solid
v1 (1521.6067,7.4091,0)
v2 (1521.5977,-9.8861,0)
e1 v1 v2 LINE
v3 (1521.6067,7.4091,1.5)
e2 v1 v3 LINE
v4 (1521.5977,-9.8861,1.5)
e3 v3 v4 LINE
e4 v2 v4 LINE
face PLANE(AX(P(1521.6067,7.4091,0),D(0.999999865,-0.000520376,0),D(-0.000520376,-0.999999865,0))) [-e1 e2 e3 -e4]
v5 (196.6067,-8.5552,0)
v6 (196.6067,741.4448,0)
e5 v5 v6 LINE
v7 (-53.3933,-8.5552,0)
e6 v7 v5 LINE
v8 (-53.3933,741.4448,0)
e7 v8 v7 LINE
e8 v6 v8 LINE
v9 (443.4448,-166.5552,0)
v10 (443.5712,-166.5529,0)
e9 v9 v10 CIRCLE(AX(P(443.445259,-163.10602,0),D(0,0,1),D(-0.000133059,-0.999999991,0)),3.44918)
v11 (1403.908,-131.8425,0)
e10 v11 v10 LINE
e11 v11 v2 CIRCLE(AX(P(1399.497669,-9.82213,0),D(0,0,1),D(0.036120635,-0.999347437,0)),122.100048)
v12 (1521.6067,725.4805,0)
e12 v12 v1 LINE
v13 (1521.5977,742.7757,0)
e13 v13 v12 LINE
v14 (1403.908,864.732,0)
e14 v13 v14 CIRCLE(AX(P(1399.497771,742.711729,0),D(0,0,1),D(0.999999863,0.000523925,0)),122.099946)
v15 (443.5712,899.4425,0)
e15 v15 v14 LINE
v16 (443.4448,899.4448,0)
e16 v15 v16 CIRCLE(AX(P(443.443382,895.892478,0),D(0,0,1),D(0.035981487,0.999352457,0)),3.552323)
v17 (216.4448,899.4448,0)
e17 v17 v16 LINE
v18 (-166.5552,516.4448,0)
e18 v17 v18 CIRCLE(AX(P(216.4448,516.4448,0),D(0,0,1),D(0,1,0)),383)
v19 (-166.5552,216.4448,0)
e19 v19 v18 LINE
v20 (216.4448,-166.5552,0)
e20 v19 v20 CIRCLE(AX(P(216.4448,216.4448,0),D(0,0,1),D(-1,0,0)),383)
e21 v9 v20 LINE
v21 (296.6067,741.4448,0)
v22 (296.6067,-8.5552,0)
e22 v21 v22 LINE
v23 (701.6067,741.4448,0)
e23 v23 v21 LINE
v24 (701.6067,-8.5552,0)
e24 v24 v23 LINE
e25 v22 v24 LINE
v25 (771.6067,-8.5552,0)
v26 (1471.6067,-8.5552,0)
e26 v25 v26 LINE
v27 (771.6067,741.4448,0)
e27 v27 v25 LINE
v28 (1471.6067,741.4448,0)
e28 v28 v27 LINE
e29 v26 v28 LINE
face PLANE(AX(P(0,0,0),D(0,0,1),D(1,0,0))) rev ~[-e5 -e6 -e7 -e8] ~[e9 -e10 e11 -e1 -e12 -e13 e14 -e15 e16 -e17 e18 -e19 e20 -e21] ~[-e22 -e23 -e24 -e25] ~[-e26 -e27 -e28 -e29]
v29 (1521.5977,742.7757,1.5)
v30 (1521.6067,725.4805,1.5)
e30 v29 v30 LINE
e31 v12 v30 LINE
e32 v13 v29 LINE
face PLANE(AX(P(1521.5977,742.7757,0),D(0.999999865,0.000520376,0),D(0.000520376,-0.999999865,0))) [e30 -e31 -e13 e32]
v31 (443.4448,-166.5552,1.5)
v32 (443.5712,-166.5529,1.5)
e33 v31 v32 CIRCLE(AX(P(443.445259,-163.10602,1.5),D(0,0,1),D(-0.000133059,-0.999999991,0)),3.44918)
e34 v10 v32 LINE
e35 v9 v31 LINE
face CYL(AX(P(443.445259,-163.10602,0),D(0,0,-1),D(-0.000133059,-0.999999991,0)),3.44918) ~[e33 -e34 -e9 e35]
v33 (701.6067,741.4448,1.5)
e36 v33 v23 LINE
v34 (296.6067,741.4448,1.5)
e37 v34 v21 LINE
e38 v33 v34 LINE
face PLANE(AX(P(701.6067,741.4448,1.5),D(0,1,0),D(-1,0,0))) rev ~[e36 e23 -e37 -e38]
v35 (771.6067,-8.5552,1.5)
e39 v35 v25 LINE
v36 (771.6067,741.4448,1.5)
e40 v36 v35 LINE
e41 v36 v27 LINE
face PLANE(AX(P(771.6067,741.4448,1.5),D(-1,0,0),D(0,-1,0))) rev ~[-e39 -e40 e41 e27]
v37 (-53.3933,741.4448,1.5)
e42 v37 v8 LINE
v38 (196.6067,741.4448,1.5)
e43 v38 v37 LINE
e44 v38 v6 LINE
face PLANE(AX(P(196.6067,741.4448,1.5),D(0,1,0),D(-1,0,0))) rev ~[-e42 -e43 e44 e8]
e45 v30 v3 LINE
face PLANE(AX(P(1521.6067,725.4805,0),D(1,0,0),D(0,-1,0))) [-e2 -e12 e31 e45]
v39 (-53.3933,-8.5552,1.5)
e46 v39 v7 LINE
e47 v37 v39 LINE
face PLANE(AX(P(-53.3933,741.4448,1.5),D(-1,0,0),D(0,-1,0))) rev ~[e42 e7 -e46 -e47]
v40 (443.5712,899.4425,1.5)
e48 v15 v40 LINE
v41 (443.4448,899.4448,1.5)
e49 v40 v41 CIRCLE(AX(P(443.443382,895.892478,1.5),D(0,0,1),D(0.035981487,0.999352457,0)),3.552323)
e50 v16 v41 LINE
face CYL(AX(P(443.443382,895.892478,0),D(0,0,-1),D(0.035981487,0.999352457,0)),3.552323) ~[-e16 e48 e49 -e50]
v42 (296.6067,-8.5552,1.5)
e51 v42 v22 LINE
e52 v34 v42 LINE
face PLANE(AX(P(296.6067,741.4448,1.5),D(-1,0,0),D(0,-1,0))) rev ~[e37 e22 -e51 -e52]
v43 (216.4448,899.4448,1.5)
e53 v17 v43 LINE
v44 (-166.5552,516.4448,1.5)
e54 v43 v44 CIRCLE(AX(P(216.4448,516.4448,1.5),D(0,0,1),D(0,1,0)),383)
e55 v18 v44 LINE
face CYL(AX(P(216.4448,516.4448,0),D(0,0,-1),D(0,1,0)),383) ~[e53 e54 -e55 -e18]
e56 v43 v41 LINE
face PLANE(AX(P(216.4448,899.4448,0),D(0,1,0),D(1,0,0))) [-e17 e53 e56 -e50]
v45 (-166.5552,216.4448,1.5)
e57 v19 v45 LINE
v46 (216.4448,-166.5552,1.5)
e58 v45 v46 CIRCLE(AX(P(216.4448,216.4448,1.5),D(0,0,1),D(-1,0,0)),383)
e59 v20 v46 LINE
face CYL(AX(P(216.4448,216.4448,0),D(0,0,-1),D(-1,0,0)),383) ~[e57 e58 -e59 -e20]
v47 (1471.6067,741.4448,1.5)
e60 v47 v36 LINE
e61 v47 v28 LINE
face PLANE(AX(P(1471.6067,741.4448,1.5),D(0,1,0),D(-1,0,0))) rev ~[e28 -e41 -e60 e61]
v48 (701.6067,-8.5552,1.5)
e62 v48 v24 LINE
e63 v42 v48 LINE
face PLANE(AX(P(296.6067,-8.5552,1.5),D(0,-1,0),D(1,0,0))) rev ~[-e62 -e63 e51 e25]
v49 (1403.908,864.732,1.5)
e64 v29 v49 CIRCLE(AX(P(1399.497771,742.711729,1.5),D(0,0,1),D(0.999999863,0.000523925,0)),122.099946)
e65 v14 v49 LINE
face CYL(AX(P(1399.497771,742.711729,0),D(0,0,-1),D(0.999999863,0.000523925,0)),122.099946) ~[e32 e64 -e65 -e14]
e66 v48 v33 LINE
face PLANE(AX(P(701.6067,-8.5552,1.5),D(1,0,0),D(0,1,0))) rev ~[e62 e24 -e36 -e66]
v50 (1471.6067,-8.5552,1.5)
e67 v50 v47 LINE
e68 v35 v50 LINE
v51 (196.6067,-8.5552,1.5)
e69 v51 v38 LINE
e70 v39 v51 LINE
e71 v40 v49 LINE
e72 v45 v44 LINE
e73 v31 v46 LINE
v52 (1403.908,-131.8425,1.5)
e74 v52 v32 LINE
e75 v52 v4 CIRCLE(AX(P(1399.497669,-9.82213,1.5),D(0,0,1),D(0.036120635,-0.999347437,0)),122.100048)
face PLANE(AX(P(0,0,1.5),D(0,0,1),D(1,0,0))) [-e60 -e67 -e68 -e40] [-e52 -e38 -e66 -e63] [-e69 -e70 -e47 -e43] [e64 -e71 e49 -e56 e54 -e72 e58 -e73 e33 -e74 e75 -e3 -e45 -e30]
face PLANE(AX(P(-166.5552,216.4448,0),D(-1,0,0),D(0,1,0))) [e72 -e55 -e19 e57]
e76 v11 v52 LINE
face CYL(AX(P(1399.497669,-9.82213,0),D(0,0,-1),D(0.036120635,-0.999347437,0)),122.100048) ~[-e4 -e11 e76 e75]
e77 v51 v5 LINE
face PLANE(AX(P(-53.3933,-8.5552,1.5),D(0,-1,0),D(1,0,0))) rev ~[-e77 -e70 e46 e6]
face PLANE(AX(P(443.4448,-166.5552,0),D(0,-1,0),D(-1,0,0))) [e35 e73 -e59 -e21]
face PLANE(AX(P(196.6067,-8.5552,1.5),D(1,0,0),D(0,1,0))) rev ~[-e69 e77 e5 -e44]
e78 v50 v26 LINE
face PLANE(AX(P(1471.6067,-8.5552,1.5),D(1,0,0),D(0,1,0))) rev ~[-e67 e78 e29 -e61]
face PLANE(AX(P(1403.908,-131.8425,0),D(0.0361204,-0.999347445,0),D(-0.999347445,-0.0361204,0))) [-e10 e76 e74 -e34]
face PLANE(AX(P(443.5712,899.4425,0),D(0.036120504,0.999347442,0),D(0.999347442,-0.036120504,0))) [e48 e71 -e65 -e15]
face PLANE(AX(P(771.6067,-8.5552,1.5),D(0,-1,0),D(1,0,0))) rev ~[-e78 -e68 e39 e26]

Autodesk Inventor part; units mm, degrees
ref_plane "YZ Plane" through (0, 0, 0) normal (1, 0, 0) x (0, 1, 0)
ref_plane "XZ Plane" through (0, 0, 0) normal (0, 1, 0) x (-1, 0, 0)
ref_plane "XY Plane" through (0, 0, 0) normal (0, 0, 1) x (1, 0, 0)
sketch "Sketch1" plane through (0, 0, 0) normal (0, 0, 1) x (1, 0, 0)
  arc A0 (216.4448, 899.4448) -> (-166.5552, 516.4448) centre (216.4448, 516.4448) ccw
  line L0 (-166.5552, 216.4448) -> (-166.5552, 516.4448)
  arc A1 (-166.5552, 216.4448) -> (216.4448, -166.5552) centre (216.4448, 216.4448) ccw
  line L1 (443.4448, -166.5552) -> (216.4448, -166.5552)
  line L2 (216.4448, 899.4448) -> (443.4448, 899.4448)
  line L3 (443.5712, 899.4425) -> (1403.908, 864.732)
  line L4 (1403.908, -131.8425) -> (443.5712, -166.5529)
  arc A2 (443.4448, -166.5552) -> (443.5712, -166.5529) centre (443.4448, -163.0552) ccw
  arc A3 (443.5712, 899.4425) -> (443.4448, 899.4448) centre (443.4448, 895.9448) ccw
  arc A4 (1521.5977, 742.7757) -> (1403.908, 864.732) centre (1399.4977, 742.7117) ccw
  line L5 (1521.5977, 742.7757) -> (1521.6067, 725.4805)
  line L6 (1521.6067, 7.4091) -> (1521.5977, -9.8861)
  arc A5 (1403.908, -131.8425) -> (1521.5977, -9.8861) centre (1399.4977, -9.8222) ccw
  line L7 (1521.6067, 725.4805) -> (1521.6067, 7.4091)
  point P0 (0, 0)
extrude "Plate1" add sketch "Sketch1" along normal blind 1.5
sketch "Sketch2" plane through (0, 0, 1.5) normal (0, 0, 1) x (1, 0, 0)
  line L0 (771.6067, -8.5552) -> (1471.6067, -8.5552)
  line L1 (1471.6067, -8.5552) -> (1471.6067, 741.4448)
  line L2 (1471.6067, 741.4448) -> (771.6067, 741.4448)
  line L3 (771.6067, 741.4448) -> (771.6067, -8.5552)
  arc A0 (443.5712, 899.4425) -> (443.4448, 899.4448) centre (443.4448, 895.9448) ccw projected
  line L4 (216.4448, 899.4448) -> (443.4448, 899.4448) projected
  arc A1 (216.4448, 899.4448) -> (-166.5552, 516.4448) centre (216.4448, 516.4448) ccw projected
  line L5 (-166.5552, 216.4448) -> (-166.5552, 516.4448) projected
  arc A2 (-166.5552, 216.4448) -> (216.4448, -166.5552) centre (216.4448, 216.4448) ccw projected
  line L6 (443.4448, -166.5552) -> (216.4448, -166.5552) projected
  arc A3 (443.4448, -166.5552) -> (443.5712, -166.5529) centre (443.4448, -163.0552) ccw projected
  line L7 (1403.908, -131.8425) -> (443.5712, -166.5529) projected
  arc A4 (1403.908, -131.8425) -> (1521.5977, -9.8861) centre (1399.4977, -9.8222) ccw projected
  line L8 (1521.6067, 7.4091) -> (1521.5977, -9.8861) projected
  line L9 (1521.6067, 725.4805) -> (1521.6067, 7.4091) projected
  line L10 (1521.5977, 742.7757) -> (1521.6067, 725.4805) projected
  arc A5 (1521.5977, 742.7757) -> (1403.908, 864.732) centre (1399.4977, 742.7117) ccw projected
  line L11 (443.5712, 899.4425) -> (1403.908, 864.732) projected
  line L12 (296.6067, -8.5552) -> (701.6067, -8.5552)
  line L13 (701.6067, -8.5552) -> (701.6067, 741.4448)
  line L14 (701.6067, 741.4448) -> (296.6067, 741.4448)
  line L15 (296.6067, 741.4448) -> (296.6067, -8.5552)
  line L16 (-53.3933, -8.5552) -> (196.6067, -8.5552)
  line L17 (196.6067, -8.5552) -> (196.6067, 741.4448)
  line L18 (196.6067, 741.4448) -> (-53.3933, 741.4448)
  line L19 (-53.3933, 741.4448) -> (-53.3933, -8.5552)
  point P0 (0, 0)
  point P1 (1471.6067, 366.4448)
  point P2 (1521.6067, 366.4448)
  point P3 (701.6067, 366.4448)
  point P4 (771.6067, 366.4448)
  point P5 (196.6067, 366.4448)
  point P6 (296.6067, 366.4448)
  dimension "d1" = 50
  dimension "d2" = 750
  dimension "d3" = 700
  dimension "d4" = 750
  dimension "d5" = 70
  dimension "d6" = 405
  dimension "d7" = 750
  dimension "d8" = 100
  dimension "d9" = 250
extrude "Extrusion1" cut sketch "Sketch2" against normal through all contours L3 L2 L1 L0 | L15 L14 L13 L12 | L19 L18 L17 L16
equation "\"d0\" = Thickness"
equation "\"BendRadius\" = Thickness"
equation "\"BendReliefWidth\" = Thickness"
equation "\"BendReliefDepth\" = 0.5 * Thickness"
equation "\"CornerReliefSize\" = 4 * Thickness"
equation "\"MinimumRemnant\" = 2 * Thickness"
equation "\"TransitionRadius\" = BendRadius"
equation "\"JacobiRadiusSize\" = BendRadius"
equation "\"GapSize\" = Thickness"
equation "\"Thickness\" = 1.5"
properties part number "CHAPA_6"
